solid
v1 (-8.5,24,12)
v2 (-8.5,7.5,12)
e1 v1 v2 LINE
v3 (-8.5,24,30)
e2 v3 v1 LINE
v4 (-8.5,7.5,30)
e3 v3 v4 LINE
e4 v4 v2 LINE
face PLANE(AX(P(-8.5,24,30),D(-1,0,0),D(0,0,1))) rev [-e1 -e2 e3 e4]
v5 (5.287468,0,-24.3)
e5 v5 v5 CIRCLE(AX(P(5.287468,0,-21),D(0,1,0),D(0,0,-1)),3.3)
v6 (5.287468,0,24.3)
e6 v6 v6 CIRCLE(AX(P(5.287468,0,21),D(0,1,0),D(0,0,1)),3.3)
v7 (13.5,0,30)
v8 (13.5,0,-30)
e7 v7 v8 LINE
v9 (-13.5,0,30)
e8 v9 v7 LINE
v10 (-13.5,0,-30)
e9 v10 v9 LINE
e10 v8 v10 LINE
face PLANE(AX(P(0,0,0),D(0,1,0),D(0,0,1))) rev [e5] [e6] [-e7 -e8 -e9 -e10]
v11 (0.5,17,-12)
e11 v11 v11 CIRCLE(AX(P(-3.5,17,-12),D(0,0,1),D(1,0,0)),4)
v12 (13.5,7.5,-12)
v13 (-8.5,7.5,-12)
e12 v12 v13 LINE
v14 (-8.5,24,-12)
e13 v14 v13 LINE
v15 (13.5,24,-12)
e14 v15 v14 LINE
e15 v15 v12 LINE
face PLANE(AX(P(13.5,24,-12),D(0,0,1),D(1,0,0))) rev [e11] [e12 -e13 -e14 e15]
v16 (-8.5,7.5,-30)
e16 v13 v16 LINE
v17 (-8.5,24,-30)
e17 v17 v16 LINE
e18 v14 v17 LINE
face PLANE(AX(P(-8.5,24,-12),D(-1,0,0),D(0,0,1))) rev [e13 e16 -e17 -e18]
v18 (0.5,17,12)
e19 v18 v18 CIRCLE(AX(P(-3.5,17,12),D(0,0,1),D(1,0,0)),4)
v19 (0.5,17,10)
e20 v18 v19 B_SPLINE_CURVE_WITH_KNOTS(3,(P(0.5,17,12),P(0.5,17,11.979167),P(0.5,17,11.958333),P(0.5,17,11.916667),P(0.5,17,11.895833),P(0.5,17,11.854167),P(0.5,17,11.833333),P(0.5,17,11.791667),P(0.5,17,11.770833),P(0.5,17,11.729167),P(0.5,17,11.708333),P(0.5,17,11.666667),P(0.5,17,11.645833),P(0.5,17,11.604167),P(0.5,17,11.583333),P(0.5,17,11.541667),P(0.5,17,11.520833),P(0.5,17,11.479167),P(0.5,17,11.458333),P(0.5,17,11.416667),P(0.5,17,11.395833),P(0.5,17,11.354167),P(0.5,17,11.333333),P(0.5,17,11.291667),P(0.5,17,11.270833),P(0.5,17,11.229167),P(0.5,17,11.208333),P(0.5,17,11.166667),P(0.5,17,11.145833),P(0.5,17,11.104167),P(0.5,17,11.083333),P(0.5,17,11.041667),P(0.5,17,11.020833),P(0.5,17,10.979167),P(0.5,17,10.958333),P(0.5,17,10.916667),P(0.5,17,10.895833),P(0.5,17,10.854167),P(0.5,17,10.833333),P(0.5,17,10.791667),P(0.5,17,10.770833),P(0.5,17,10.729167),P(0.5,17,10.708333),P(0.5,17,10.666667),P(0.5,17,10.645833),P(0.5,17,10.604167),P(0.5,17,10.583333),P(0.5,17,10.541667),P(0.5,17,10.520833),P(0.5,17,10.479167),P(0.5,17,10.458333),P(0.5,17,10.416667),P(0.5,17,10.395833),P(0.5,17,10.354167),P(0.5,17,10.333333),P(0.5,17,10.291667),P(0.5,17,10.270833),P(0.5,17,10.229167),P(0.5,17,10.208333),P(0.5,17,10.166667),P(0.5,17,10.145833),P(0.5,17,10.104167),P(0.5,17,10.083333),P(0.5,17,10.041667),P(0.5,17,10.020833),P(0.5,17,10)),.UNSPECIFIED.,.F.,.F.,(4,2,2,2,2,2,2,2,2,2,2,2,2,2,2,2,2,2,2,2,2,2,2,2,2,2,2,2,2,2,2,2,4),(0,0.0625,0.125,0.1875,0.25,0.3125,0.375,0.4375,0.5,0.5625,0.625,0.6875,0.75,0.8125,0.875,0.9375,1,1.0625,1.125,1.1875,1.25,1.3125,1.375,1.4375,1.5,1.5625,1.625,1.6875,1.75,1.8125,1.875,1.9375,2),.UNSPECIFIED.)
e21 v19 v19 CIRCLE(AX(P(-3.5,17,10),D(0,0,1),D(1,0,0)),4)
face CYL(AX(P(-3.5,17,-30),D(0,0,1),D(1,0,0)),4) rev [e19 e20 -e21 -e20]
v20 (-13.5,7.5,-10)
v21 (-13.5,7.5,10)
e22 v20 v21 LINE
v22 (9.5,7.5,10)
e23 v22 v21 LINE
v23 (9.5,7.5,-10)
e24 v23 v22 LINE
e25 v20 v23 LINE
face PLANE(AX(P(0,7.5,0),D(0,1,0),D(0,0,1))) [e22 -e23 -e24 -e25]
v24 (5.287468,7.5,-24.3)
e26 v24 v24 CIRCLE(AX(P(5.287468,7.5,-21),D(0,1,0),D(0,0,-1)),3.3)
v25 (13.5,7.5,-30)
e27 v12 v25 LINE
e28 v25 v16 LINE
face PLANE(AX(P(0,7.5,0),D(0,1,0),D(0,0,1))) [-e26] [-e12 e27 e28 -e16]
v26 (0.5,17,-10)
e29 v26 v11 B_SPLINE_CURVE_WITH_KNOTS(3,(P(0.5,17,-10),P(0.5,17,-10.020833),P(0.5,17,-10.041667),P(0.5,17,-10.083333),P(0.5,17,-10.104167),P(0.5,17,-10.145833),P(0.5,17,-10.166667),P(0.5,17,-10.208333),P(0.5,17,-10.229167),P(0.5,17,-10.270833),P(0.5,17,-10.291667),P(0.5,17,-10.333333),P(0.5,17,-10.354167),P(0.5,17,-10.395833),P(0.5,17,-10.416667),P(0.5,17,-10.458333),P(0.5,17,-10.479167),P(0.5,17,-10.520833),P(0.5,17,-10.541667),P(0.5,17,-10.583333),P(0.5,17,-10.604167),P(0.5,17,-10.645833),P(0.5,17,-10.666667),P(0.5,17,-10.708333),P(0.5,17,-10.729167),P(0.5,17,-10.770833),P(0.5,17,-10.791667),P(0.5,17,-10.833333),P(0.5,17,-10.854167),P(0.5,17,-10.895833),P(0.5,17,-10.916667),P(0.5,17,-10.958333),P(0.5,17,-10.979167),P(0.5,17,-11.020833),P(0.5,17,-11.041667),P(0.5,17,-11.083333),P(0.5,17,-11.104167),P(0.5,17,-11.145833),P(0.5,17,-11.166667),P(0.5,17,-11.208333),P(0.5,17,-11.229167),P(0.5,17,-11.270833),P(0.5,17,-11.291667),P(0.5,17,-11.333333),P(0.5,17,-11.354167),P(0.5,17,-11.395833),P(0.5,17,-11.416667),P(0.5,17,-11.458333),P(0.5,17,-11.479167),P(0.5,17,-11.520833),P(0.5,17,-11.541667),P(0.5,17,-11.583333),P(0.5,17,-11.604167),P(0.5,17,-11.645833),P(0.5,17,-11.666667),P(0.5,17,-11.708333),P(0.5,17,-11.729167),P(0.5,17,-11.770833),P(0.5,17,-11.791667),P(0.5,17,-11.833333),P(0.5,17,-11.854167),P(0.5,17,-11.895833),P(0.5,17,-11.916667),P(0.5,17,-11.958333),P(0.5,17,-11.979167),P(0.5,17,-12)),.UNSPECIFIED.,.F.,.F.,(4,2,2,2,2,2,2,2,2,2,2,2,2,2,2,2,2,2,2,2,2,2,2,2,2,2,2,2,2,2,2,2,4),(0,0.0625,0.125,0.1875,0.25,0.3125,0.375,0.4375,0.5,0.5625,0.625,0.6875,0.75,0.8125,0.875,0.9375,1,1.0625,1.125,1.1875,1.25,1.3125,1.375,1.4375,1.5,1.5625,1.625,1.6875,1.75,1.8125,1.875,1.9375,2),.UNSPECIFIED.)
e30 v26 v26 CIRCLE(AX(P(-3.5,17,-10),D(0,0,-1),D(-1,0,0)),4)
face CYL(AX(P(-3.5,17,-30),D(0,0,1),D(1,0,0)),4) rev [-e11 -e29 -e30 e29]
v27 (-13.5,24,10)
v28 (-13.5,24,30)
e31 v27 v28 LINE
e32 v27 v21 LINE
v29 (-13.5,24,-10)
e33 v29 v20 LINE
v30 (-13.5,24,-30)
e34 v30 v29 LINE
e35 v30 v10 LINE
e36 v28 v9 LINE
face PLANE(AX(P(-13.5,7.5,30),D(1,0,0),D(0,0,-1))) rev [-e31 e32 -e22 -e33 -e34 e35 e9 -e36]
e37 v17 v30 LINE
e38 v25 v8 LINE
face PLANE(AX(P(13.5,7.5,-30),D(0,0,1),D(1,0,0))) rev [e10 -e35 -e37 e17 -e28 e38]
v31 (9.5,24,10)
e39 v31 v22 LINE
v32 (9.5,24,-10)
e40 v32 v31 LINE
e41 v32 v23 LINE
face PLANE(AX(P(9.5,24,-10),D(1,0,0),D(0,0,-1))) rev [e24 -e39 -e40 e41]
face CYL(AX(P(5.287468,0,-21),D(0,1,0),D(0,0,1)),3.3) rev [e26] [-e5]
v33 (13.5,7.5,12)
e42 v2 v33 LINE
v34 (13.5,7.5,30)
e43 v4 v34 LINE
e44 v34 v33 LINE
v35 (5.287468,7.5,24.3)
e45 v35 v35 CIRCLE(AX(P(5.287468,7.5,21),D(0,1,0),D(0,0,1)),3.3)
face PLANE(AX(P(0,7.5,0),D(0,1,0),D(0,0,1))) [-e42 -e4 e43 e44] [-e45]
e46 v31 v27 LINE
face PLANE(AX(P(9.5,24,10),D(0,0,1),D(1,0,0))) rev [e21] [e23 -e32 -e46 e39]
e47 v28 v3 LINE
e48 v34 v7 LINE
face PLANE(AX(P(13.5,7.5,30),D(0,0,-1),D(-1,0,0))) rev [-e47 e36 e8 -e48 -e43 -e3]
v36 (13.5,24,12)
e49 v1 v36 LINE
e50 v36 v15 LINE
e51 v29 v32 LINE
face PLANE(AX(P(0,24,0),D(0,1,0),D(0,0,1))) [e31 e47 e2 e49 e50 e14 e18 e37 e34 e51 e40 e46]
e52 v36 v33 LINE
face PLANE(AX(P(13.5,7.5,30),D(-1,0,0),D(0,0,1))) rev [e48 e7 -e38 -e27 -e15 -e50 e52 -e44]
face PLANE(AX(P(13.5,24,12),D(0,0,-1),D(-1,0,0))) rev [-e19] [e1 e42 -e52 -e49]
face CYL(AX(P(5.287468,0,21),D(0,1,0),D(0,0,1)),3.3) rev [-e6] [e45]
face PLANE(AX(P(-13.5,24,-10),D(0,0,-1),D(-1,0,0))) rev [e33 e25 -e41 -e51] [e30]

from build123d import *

# Parameters (mm, degrees)
SKETCH2_W           = 27
SKETCH2_H           = 60
BOSS_EXTRUDE1_DEPTH = 7.5
BOSS_EXTRUDE2_DEPTH = 16.5
SKETCH4_R           = 4
CUT_EXTRUDE1_DEPTH  = 51.222007128
SKETCH5_R           = 3.3
CUT_EXTRUDE2_DEPTH  = 37.803532439


with BuildPart() as part:
    # Sketch2 → Boss-Extrude1 (new body)
    with BuildSketch(Plane(origin=(0, 0, 0), x_dir=(1, 0, 0), z_dir=(0, 1, 0))):
        Rectangle(SKETCH2_W, SKETCH2_H)
    extrude(amount=BOSS_EXTRUDE1_DEPTH)

    # Sketch3 → Boss-Extrude2 (add)
    with BuildSketch(Plane(origin=(0, 7.5, 0), x_dir=(1, 0, 0), z_dir=(0, 1, 0))):
        Polygon((-13.5, -30), (-8.5, -30), (-8.5, -12), (13.5, -12), (13.5, 12), (-8.5, 12), (-8.5, 30), (-13.5, 30), (-13.5, 10), (9.5, 10), (9.5, -10), (-13.5, -10), align=None)
    extrude(amount=BOSS_EXTRUDE2_DEPTH)

    # Sketch4 → Cut-Extrude1 (cut, through all)
    with BuildSketch(Plane.XY.offset(12)):
        with Locations((-3.5, 17)):
            Circle(SKETCH4_R)
    extrude(amount=-CUT_EXTRUDE1_DEPTH, mode=Mode.SUBTRACT)

    # Sketch5 → Cut-Extrude2 (cut, through all)
    with BuildSketch(Plane(origin=(0, 7.5, 0), x_dir=(1, 0, 0), z_dir=(0, 1, 0))):
        with Locations(Location((5.287468246, -21, 0), (0, 0, 270))):
            Circle(SKETCH5_R)
        with Locations(Location((5.287468246, 21, 0), (0, 0, 90))):
            Circle(SKETCH5_R)
    extrude(amount=-CUT_EXTRUDE2_DEPTH, mode=Mode.SUBTRACT)


solid = part.part
